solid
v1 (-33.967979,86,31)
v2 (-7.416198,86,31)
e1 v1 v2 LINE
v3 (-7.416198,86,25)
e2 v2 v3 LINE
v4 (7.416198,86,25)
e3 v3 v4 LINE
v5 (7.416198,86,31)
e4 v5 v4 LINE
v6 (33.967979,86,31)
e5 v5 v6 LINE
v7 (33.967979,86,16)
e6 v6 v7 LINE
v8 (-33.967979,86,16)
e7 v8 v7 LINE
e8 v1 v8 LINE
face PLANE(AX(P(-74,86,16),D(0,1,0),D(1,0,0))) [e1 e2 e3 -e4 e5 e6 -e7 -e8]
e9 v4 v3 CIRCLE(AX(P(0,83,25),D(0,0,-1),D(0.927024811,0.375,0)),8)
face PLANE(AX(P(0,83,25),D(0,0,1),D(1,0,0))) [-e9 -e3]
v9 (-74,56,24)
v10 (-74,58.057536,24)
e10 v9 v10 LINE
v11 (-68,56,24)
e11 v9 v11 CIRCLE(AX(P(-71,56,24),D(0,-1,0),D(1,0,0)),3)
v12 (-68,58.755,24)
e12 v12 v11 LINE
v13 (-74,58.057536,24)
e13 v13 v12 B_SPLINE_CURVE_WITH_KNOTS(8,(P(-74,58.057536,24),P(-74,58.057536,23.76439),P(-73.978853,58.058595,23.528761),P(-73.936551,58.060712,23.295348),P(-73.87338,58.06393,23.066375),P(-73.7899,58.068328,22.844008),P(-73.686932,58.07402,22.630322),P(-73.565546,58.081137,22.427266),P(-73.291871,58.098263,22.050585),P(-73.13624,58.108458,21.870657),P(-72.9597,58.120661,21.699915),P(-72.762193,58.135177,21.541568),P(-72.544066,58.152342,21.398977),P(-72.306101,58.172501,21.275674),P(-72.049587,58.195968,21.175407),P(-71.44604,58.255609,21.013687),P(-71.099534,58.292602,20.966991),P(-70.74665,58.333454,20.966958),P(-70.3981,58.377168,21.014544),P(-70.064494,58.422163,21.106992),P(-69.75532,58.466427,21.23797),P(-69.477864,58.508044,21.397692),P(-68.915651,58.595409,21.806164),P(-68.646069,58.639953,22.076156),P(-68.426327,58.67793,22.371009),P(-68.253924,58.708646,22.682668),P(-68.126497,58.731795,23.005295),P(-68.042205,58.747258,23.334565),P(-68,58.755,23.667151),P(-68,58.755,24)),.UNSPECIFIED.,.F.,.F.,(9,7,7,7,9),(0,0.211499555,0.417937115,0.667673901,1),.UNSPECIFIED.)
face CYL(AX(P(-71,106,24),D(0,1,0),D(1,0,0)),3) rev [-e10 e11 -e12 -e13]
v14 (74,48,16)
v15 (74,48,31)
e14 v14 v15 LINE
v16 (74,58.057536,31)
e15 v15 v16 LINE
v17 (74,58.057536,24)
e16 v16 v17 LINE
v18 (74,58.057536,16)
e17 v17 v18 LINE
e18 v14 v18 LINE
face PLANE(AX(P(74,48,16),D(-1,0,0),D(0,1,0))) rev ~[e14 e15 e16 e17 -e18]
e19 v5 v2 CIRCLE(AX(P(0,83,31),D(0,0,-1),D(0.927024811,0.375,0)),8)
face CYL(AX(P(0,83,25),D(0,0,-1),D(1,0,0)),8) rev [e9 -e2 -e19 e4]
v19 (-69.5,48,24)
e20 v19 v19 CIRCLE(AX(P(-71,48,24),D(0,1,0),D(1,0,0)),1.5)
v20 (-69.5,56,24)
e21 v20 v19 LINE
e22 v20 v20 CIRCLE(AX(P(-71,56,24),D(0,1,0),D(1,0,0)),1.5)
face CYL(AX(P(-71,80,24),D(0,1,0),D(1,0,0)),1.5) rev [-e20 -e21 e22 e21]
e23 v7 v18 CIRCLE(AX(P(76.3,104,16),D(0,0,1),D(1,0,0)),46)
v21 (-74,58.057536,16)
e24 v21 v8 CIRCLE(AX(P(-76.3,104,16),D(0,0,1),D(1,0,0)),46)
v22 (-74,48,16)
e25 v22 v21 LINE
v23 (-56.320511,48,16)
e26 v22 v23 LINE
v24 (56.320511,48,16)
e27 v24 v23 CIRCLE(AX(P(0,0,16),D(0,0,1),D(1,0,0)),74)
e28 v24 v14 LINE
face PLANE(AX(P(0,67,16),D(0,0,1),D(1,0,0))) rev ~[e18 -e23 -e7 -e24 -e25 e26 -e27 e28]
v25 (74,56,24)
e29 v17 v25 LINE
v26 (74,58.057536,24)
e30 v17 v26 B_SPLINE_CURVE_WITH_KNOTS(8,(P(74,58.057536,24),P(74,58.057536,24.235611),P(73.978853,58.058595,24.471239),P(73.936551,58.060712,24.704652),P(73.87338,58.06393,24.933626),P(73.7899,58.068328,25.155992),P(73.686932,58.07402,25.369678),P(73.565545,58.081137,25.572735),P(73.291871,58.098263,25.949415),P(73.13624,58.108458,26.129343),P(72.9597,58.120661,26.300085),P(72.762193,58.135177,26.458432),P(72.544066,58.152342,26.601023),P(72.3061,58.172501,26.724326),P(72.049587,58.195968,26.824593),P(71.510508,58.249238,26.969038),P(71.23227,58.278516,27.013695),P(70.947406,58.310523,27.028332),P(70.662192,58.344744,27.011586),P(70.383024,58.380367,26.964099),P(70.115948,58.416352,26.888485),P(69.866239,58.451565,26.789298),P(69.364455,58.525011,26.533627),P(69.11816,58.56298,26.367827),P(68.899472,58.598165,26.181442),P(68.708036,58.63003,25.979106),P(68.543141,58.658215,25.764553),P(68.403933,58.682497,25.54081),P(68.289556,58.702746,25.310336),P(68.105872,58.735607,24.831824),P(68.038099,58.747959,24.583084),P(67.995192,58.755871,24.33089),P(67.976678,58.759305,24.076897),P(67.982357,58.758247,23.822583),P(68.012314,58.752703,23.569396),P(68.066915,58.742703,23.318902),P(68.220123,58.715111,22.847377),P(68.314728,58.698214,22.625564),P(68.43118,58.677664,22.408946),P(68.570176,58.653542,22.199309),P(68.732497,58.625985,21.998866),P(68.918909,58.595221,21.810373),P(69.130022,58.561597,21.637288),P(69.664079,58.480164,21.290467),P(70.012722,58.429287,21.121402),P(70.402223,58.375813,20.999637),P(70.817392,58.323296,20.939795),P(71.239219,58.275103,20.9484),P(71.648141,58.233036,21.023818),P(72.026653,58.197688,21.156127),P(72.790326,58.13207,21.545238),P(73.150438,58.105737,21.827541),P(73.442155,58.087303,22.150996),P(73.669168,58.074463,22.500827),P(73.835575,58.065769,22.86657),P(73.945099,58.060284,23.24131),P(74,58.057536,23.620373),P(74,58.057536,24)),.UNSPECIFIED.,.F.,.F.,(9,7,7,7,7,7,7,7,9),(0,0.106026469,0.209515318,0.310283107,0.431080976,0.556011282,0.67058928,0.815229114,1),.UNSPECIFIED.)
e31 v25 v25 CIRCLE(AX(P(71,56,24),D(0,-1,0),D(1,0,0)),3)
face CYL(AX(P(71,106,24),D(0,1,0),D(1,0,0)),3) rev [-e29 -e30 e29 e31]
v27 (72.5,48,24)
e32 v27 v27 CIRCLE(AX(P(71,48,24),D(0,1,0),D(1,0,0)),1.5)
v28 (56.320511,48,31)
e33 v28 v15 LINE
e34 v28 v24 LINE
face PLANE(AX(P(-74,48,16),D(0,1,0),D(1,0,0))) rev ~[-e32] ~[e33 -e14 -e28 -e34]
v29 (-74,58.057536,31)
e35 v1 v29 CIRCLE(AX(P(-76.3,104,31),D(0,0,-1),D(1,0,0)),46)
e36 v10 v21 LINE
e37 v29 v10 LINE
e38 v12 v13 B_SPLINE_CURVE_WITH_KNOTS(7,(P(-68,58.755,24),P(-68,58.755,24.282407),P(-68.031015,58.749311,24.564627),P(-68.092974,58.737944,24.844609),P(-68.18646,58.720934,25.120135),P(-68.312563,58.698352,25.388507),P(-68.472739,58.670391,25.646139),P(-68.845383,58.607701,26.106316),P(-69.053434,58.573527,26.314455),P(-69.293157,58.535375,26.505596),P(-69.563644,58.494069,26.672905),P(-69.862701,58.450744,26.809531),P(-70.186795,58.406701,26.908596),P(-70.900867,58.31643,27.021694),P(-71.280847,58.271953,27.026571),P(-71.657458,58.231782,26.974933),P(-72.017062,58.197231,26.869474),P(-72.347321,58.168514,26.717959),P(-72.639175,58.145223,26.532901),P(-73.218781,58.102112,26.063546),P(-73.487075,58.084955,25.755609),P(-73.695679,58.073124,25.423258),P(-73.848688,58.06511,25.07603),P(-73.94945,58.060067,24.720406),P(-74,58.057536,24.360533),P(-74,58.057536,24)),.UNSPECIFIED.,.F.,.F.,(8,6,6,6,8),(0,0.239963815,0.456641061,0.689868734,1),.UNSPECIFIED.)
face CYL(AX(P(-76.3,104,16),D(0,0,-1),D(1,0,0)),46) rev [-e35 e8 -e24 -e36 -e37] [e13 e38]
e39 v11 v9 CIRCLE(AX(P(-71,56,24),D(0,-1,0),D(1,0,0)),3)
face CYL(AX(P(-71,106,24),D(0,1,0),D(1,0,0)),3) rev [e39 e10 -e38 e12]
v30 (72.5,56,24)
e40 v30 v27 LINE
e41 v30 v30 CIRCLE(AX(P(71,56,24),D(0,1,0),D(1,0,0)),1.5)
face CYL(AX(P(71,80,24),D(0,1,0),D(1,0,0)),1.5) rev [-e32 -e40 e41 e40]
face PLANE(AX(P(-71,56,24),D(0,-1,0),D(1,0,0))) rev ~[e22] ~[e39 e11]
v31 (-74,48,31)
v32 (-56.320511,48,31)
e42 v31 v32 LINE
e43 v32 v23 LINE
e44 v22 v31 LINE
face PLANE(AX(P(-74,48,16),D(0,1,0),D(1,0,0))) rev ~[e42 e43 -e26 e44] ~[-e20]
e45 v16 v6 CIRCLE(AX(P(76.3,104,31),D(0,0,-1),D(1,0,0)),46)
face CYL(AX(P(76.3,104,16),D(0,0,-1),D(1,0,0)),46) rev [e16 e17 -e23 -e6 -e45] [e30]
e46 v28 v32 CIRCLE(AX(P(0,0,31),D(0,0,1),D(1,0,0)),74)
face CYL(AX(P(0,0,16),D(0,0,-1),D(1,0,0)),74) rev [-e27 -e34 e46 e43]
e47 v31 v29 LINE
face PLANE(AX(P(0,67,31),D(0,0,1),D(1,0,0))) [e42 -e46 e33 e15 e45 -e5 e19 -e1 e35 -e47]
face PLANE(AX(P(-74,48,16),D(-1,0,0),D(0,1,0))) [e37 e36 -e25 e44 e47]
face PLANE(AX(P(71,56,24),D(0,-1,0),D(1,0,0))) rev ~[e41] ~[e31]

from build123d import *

# Parameters (mm, degrees)
CYLINDER684_R     = 8
CYLINDER684_DEPTH = 6
CYLINDER677_R     = 3
CYLINDER677_DEPTH = 50
CYLINDER678_R     = 3
CYLINDER678_DEPTH = 50
CYLINDER670_R     = 1.5
CYLINDER670_DEPTH = 50
CYLINDER679_R     = 1.5
CYLINDER679_DEPTH = 50
CYLINDER667_R     = 74
CYLINDER667_DEPTH = 15
CYLINDER665_R     = 46
CYLINDER665_DEPTH = 36
CYLINDER666_R     = 46
CYLINDER666_DEPTH = 36
BOX752_W          = 148
BOX752_H          = 38
BOX752_DEPTH      = 15


with BuildPart() as v_lec684:
    # Cylinder684 → Cylinder684 (new body)
    with BuildSketch(Plane(origin=(0, 83, 25), x_dir=(1, 0, 0), z_dir=(0, 0, 1))):
        Circle(CYLINDER684_R)
    extrude(amount=CYLINDER684_DEPTH)


with BuildPart() as v_lec677:
    # Cylinder677 → Cylinder677 (new body)
    with BuildSketch(Plane(origin=(-71, 106, 24), x_dir=(1, 0, 0), z_dir=(0, -1, 0))):
        Circle(CYLINDER677_R)
    extrude(amount=CYLINDER677_DEPTH)


with BuildPart() as compound398:
    # Cylinder678 → Cylinder678 (new body)
    with BuildSketch(Plane(origin=(71, 106, 24), x_dir=(1, 0, 0), z_dir=(0, -1, 0))):
        Circle(CYLINDER678_R)
    extrude(amount=CYLINDER678_DEPTH)

    # Compound398: union Válec677
    add(v_lec677.part)


with BuildPart() as v_lec670:
    # Cylinder670 → Cylinder670 (new body)
    with BuildSketch(Plane(origin=(-71, 80, 24), x_dir=(1, 0, 0), z_dir=(0, -1, 0))):
        Circle(CYLINDER670_R)
    extrude(amount=CYLINDER670_DEPTH)


with BuildPart() as compound395:
    # Cylinder679 → Cylinder679 (new body)
    with BuildSketch(Plane(origin=(71, 80, 24), x_dir=(1, 0, 0), z_dir=(0, -1, 0))):
        Circle(CYLINDER679_R)
    extrude(amount=CYLINDER679_DEPTH)

    # Compound395: union Válec670
    add(v_lec670.part)


with BuildPart() as v_lec667:
    # Cylinder667 → Cylinder667 (new body)
    with BuildSketch(Plane.XY.offset(16)):
        Circle(CYLINDER667_R)
    extrude(amount=CYLINDER667_DEPTH)


with BuildPart() as v_lec665:
    # Cylinder665 → Cylinder665 (new body)
    with BuildSketch(Plane(origin=(76.3, 104, 16), x_dir=(1, 0, 0), z_dir=(0, 0, 1))):
        Circle(CYLINDER665_R)
    extrude(amount=CYLINDER665_DEPTH)


with BuildPart() as v_lec666:
    # Cylinder666 → Cylinder666 (new body)
    with BuildSketch(Plane(origin=(-76.3, 104, 16), x_dir=(1, 0, 0), z_dir=(0, 0, 1))):
        Circle(CYLINDER666_R)
    extrude(amount=CYLINDER666_DEPTH)


with BuildPart() as cut278:
    # Box752 → Box752 (new body)
    with BuildSketch(Plane(origin=(-74, 48, 16), x_dir=(1, 0, 0), z_dir=(0, 0, 1))):
        with Locations((74, 19)):
            Rectangle(BOX752_W, BOX752_H)
    extrude(amount=BOX752_DEPTH)

    # Cut269: cut Válec666
    add(v_lec666.part, mode=Mode.SUBTRACT)

    # Cut270: cut Válec665
    add(v_lec665.part, mode=Mode.SUBTRACT)

    # Cut267: cut Válec667
    add(v_lec667.part, mode=Mode.SUBTRACT)

    # Cut272: cut Compound395
    add(compound395.part, mode=Mode.SUBTRACT)

    # Cut273: cut Compound398
    add(compound398.part, mode=Mode.SUBTRACT)

    # Cut278: cut Válec684
    add(v_lec684.part, mode=Mode.SUBTRACT)


solid = cut278.part
